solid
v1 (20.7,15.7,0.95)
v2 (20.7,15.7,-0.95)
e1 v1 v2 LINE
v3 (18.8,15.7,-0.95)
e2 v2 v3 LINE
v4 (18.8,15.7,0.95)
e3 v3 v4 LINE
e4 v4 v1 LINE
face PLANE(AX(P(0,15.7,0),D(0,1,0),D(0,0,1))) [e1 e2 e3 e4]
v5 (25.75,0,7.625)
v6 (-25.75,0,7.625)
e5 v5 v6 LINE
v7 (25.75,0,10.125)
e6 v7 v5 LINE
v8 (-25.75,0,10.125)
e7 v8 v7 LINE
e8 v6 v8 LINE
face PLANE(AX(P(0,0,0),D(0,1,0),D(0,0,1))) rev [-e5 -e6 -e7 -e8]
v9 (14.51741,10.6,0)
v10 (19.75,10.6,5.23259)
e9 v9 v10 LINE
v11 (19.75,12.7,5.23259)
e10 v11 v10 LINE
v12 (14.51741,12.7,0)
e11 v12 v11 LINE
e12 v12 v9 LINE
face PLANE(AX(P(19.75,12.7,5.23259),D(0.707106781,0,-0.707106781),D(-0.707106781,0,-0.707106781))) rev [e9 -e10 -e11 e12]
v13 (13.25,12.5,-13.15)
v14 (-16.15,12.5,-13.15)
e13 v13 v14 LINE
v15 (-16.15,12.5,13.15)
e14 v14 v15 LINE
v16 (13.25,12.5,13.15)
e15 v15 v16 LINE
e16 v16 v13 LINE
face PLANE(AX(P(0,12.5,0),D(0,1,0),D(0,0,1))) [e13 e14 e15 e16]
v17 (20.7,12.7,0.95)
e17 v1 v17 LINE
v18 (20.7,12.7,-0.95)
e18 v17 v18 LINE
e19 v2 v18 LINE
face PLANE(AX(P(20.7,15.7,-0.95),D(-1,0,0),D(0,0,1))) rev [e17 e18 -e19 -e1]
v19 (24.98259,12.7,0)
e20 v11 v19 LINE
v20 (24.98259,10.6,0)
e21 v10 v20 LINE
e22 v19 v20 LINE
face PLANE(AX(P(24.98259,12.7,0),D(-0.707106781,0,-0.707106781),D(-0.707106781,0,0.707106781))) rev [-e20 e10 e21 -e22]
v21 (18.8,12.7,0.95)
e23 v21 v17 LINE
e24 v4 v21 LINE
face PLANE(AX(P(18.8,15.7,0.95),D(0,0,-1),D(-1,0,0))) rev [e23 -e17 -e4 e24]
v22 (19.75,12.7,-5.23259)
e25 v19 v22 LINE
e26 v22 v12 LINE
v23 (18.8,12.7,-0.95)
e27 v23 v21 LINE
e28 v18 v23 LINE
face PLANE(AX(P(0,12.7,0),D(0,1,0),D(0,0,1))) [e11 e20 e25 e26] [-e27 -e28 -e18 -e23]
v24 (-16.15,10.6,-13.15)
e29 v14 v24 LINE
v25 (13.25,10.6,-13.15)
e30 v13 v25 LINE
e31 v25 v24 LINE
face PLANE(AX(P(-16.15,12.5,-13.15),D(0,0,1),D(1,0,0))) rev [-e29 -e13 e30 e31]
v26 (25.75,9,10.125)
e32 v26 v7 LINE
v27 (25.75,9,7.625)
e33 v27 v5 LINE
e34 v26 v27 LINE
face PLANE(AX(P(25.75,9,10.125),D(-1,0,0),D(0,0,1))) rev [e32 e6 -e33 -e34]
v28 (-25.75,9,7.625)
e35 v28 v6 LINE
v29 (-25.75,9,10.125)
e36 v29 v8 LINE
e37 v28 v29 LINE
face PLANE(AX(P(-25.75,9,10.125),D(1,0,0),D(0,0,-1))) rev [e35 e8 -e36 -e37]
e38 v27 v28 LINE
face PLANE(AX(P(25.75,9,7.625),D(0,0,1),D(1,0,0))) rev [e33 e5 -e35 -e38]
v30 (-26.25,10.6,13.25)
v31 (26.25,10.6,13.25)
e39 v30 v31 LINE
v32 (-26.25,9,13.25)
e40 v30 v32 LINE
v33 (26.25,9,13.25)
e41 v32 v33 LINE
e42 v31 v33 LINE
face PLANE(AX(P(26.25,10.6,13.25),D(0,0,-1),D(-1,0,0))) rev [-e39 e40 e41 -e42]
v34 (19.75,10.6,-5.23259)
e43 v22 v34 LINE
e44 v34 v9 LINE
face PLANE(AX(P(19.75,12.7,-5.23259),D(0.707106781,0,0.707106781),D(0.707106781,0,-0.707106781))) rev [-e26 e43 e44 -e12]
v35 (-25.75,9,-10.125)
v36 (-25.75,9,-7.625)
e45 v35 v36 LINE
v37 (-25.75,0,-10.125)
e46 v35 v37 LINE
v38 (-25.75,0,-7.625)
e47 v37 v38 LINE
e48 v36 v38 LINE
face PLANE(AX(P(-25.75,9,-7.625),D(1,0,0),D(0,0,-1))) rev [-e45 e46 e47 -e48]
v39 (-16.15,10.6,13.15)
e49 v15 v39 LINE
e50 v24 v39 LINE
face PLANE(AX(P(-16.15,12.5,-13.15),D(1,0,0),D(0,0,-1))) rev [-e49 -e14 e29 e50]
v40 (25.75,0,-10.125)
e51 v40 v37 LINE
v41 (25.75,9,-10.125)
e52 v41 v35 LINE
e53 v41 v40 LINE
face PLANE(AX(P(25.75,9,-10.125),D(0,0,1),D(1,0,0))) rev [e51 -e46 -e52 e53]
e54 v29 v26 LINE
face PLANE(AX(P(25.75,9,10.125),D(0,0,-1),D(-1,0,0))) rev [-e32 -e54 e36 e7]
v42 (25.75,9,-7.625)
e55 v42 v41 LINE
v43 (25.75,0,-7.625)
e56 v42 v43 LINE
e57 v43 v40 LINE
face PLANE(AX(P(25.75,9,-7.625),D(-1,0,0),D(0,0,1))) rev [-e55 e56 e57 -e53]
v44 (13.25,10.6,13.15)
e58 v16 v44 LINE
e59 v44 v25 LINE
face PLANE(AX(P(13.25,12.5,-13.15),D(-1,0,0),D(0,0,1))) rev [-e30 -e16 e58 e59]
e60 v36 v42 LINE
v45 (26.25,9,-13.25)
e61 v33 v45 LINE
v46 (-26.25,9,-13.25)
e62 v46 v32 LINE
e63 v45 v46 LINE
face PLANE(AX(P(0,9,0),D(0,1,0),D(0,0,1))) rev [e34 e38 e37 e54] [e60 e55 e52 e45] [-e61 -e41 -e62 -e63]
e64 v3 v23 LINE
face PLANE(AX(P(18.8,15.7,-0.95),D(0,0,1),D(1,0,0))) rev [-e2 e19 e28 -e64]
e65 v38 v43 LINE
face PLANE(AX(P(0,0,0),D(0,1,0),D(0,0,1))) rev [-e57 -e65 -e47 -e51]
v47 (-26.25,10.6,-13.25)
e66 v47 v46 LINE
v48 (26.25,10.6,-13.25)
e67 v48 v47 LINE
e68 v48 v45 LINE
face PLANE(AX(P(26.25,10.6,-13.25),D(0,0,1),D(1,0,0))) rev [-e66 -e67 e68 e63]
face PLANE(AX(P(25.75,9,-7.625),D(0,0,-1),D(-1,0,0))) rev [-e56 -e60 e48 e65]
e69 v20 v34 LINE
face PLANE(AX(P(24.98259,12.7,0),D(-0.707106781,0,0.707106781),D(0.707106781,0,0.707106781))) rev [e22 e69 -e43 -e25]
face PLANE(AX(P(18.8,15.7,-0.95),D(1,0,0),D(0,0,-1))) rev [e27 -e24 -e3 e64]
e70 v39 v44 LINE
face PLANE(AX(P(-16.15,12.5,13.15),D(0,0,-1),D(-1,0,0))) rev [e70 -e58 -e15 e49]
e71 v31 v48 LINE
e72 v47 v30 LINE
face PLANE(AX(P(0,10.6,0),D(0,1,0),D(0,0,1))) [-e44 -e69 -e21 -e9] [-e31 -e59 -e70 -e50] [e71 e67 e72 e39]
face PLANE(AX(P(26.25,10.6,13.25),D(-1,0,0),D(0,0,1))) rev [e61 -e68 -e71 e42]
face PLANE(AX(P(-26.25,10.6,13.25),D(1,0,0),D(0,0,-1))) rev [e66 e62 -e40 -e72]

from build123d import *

# Parameters (mm, degrees)
SKETCH1_W             = 51.5
SKETCH1_H             = 2.5
BOSS_EXTRUDE1_DEPTH   = 9
BOSS_EXTRUDE1_2_DEPTH = 9
SKETCH2_W             = 52.5
SKETCH2_H             = 26.5
BOSS_EXTRUDE2_DEPTH   = 1.6
SKETCH3_W             = 29.4
SKETCH3_H             = 26.3
BOSS_EXTRUDE3_DEPTH   = 1.9
BOSS_EXTRUDE4_DEPTH   = 2.1
SKETCH5_W             = 1.9
SKETCH5_H             = 1.9
BOSS_EXTRUDE5_DEPTH   = 3


with BuildPart() as part:
    # Sketch1 → Boss-Extrude1 (new body)
    with BuildSketch(Plane(origin=(0, 0, 0), x_dir=(1, 0, 0), z_dir=(0, 1, 0))):
        with Locations((0, 8.875)):
            Rectangle(SKETCH1_W, SKETCH1_H)
    extrude(amount=BOSS_EXTRUDE1_DEPTH)



with BuildPart() as body_2:
    # Sketch1 → Boss-Extrude1 2 (new body)
    with BuildSketch(Plane(origin=(0, 0, 0), x_dir=(1, 0, 0), z_dir=(0, 1, 0))):
        with Locations((0, -8.875)):
            Rectangle(SKETCH1_W, SKETCH1_H)
    extrude(amount=BOSS_EXTRUDE1_2_DEPTH)


with BuildPart() as part_1:
    add(part.part)

    add(body_2.part)  # Boss-Extrude2 merges body 2
    # Sketch2 → Boss-Extrude2 (add)
    with BuildSketch(Plane(origin=(0, 9, 0), x_dir=(1, 0, 0), z_dir=(0, 1, 0))):
        Rectangle(SKETCH2_W, SKETCH2_H)
    extrude(amount=BOSS_EXTRUDE2_DEPTH)

    # Sketch3 → Boss-Extrude3 (add)
    with BuildSketch(Plane(origin=(0, 10.6, 0), x_dir=(1, 0, 0), z_dir=(0, 1, 0))):
        with Locations((-1.45, 0)):
            Rectangle(SKETCH3_W, SKETCH3_H)
    extrude(amount=BOSS_EXTRUDE3_DEPTH)

    # Sketch4 → Boss-Extrude4 (add)
    with BuildSketch(Plane(origin=(0, 10.6, 0), x_dir=(1, 0, 0), z_dir=(0, 1, 0))):
        Polygon((24.982590181, 0), (19.75, -5.232590181), (14.517409819, 0), (19.75, 5.232590181), align=None)
    extrude(amount=BOSS_EXTRUDE4_DEPTH)

    # Sketch5 → Boss-Extrude5 (add)
    with BuildSketch(Plane(origin=(0, 12.7, 0), x_dir=(1, 0, 0), z_dir=(0, 1, 0))):
        with Locations((19.75, 0)):
            Rectangle(SKETCH5_W, SKETCH5_H)
    extrude(amount=BOSS_EXTRUDE5_DEPTH)


solid = part_1.part
